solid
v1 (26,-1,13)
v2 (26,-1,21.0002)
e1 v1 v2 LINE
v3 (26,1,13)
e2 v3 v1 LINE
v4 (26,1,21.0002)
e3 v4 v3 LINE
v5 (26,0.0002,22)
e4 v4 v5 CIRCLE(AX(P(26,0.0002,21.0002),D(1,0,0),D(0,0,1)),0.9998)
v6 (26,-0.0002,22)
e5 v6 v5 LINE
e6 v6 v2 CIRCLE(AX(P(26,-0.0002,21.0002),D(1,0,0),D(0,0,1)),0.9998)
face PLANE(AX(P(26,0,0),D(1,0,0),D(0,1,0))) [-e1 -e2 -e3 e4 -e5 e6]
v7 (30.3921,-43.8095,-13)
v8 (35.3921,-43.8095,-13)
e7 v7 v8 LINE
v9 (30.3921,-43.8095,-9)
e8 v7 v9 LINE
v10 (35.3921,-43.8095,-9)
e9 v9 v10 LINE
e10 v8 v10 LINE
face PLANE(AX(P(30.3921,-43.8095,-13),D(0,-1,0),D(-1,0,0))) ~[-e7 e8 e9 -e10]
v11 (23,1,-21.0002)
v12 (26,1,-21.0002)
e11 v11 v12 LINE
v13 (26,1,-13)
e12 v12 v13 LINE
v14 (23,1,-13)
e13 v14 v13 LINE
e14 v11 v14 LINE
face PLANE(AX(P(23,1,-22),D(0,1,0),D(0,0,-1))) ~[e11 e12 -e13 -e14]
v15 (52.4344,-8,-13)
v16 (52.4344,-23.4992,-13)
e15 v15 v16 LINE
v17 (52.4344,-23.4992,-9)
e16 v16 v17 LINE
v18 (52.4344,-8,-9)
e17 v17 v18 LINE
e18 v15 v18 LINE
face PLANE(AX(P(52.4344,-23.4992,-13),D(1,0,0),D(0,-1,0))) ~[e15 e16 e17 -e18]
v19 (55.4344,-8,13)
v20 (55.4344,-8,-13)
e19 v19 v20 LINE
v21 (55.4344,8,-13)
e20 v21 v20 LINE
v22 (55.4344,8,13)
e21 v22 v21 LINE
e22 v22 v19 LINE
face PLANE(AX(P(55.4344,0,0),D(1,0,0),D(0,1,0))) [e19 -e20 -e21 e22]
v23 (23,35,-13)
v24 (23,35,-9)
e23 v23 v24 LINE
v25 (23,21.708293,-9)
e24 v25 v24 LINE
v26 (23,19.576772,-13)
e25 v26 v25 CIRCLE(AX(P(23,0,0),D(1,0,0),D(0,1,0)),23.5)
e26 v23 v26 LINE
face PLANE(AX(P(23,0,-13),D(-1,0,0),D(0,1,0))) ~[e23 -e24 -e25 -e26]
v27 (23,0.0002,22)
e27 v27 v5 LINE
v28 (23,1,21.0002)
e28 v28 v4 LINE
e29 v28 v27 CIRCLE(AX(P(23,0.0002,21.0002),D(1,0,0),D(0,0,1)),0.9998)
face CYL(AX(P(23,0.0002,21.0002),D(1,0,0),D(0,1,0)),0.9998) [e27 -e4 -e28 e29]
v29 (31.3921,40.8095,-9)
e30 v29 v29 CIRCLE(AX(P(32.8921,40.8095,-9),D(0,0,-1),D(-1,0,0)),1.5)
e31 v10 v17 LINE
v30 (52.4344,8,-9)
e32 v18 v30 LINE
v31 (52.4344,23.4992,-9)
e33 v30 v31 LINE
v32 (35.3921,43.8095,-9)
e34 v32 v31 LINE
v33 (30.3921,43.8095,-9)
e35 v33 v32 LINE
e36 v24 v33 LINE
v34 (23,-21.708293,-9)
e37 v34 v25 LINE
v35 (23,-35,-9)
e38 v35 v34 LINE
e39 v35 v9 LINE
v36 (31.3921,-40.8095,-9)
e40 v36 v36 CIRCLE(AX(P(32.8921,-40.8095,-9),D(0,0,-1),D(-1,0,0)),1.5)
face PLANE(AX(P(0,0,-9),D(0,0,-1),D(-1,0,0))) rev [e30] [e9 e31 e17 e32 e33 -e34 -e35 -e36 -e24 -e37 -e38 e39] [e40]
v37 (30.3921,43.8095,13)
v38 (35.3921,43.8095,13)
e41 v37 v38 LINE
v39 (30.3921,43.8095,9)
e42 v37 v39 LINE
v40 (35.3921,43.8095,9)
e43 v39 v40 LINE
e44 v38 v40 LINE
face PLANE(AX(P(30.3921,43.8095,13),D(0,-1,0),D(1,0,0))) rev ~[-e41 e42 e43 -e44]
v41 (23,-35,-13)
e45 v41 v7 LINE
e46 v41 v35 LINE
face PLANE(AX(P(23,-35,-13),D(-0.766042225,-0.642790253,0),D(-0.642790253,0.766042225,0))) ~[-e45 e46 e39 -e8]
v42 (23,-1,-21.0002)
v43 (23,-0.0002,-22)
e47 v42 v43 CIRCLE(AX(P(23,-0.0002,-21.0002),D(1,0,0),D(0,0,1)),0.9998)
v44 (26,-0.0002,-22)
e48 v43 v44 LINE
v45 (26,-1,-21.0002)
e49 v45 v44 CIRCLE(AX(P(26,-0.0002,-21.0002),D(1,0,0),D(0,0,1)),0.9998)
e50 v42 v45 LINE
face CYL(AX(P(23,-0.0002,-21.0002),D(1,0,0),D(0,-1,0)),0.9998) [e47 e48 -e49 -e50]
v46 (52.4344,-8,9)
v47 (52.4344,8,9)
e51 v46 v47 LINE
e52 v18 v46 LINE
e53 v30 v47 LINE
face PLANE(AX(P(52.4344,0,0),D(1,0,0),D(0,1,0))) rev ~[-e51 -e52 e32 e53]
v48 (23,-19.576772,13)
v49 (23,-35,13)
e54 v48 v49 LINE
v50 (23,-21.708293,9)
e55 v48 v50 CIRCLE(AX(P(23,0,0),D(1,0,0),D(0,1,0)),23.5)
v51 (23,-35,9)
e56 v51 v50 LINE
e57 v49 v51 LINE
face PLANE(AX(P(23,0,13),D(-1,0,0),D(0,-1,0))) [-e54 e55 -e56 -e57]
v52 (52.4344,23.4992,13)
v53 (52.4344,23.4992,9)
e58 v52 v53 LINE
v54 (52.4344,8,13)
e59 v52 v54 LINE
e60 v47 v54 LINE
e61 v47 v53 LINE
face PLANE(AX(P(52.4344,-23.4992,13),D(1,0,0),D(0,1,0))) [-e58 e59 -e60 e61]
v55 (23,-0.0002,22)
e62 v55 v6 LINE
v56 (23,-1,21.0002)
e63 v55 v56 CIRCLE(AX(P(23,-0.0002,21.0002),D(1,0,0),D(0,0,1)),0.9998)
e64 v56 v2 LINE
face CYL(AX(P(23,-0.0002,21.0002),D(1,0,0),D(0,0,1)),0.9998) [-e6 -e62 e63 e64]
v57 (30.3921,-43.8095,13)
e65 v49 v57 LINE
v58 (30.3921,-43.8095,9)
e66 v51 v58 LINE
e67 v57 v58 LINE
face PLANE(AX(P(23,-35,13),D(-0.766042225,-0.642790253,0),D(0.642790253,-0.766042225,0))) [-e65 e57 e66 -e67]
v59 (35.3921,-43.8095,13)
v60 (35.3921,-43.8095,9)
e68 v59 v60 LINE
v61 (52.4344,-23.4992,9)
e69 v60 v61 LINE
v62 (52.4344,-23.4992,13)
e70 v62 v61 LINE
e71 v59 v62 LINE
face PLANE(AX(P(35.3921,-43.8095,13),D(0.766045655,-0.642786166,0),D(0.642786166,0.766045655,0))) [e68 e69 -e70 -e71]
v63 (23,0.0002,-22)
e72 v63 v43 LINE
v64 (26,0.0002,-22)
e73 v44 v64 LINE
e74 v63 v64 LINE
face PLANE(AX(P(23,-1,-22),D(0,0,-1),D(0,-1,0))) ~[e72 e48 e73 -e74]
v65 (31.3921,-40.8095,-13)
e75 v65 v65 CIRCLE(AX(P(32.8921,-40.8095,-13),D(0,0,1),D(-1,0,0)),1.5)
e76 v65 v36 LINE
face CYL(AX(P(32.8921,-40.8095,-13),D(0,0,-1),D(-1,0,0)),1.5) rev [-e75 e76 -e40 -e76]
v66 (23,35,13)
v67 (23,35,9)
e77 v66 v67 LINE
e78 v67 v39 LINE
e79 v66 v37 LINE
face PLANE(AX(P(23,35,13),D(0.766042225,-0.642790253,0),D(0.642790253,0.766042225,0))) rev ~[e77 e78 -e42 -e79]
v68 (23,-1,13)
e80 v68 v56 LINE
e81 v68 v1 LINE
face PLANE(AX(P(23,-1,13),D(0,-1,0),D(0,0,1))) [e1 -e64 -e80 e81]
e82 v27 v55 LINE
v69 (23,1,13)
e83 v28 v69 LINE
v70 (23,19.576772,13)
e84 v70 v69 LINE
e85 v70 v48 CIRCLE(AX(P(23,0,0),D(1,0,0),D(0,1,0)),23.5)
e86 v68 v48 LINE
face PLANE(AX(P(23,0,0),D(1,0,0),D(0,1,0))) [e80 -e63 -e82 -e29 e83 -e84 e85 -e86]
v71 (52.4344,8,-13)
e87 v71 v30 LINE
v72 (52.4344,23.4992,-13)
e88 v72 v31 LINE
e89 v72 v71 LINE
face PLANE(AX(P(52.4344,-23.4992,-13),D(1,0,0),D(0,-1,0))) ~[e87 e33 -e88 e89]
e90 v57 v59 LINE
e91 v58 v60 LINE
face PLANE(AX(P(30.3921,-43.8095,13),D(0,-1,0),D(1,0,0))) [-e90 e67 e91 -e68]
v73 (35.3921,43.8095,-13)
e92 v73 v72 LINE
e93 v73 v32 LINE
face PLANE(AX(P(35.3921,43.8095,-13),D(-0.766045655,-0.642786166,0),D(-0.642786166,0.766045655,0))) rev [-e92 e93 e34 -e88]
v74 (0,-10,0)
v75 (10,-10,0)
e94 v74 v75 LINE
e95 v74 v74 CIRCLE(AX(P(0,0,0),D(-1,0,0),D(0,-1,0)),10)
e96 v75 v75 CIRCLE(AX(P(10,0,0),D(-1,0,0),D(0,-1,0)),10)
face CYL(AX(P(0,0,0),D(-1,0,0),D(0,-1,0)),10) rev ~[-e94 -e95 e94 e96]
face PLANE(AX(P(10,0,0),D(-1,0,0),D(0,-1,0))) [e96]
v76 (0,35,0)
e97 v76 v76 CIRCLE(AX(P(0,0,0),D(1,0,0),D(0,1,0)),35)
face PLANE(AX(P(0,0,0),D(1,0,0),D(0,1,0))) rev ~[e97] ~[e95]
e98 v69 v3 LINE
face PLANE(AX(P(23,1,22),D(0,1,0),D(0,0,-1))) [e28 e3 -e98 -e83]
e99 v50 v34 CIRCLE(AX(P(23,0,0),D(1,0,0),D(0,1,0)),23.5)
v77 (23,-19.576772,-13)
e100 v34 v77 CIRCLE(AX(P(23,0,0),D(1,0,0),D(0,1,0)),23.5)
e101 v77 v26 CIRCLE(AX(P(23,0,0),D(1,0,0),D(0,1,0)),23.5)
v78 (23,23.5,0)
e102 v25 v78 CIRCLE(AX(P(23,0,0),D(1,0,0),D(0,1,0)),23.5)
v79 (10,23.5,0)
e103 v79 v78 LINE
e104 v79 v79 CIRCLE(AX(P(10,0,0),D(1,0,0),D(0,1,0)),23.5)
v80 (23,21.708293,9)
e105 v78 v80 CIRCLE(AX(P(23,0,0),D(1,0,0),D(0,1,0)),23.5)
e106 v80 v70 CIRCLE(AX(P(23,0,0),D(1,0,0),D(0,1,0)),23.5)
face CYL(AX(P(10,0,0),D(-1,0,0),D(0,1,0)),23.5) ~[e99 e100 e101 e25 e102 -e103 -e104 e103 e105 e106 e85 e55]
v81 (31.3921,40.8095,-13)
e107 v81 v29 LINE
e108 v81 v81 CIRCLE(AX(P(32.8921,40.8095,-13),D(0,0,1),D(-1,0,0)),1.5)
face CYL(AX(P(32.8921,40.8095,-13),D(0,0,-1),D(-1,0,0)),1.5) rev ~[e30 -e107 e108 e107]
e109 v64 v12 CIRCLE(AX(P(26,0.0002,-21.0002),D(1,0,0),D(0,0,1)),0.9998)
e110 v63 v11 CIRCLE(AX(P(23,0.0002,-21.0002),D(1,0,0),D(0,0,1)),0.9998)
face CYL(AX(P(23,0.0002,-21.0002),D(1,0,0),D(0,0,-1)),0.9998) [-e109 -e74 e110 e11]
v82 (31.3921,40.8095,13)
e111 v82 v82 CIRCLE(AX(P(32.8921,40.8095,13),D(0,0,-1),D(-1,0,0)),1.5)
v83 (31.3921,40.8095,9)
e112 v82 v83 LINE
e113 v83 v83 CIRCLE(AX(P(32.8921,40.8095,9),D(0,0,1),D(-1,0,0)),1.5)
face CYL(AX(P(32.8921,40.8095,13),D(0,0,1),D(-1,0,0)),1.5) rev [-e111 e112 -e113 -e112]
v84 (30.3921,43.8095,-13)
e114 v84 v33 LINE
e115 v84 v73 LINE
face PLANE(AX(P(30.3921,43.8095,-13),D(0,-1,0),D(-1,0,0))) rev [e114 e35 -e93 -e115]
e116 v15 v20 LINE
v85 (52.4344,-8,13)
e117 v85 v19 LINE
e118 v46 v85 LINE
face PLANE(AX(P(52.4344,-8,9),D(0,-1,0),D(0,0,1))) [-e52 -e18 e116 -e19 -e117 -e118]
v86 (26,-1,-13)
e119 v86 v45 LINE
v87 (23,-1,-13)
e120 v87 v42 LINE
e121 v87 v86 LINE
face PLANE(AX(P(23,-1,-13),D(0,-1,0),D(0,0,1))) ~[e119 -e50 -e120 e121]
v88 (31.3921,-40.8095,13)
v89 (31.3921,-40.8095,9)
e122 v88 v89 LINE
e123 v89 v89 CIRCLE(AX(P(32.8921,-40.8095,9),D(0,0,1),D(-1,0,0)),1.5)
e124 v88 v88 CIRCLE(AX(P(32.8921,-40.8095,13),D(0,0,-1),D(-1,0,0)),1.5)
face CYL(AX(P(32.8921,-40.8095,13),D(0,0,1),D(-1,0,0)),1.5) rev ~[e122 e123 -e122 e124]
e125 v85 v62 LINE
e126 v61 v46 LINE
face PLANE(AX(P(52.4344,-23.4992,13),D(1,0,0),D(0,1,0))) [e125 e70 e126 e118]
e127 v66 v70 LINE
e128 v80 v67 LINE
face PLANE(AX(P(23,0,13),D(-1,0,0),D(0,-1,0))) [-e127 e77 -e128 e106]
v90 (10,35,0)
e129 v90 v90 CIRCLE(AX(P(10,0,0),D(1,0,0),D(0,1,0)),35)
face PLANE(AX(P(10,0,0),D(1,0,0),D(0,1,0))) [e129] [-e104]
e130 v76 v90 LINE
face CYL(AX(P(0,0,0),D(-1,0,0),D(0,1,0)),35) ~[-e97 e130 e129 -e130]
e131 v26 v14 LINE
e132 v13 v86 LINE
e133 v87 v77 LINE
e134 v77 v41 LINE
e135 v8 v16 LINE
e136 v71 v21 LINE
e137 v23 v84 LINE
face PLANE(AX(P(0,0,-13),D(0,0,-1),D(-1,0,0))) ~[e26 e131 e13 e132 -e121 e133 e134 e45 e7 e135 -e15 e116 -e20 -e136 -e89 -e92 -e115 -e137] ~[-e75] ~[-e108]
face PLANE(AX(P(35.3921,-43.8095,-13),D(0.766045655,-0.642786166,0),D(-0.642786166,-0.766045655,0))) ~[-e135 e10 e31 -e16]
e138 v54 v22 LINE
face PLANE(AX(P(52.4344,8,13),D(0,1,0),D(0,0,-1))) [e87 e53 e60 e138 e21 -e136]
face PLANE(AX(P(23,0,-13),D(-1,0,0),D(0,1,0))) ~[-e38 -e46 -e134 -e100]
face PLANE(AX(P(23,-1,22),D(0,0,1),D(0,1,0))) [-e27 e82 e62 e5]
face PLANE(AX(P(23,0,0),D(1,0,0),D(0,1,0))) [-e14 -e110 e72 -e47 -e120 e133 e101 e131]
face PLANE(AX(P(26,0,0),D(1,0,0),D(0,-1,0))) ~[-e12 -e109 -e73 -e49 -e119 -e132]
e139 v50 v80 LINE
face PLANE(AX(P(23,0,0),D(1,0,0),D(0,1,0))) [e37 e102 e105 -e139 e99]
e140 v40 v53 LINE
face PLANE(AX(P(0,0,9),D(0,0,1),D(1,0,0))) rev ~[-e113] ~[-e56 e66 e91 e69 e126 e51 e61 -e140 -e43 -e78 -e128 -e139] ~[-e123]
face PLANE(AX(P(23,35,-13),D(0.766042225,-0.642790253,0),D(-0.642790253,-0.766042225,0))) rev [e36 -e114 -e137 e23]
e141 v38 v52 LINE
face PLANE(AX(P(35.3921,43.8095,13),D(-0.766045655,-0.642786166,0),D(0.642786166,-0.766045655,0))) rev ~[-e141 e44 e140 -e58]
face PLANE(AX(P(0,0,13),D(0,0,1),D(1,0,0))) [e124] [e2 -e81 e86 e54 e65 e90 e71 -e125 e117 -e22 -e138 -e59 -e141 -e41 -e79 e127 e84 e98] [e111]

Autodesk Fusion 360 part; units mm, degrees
sketch "Sketch1" plane through (0, 0, 0) normal (1, 0, 0) x (0, 1, 0)
  circle A0 centre (0, 0) radius 35
  dimension "d1" = 70
extrude "Extrude1" add sketch "Sketch1" along normal blind 10 in component "Component"
sketch "Sketch2" plane through (10, 0, 0) normal (1, 0, 0) x (0, 1, 0)
  circle A0 centre (0, 0) radius 35
  circle A1 centre (0, 0) radius 23.5
  dimension "d4" = 47
extrude "Extrude2" add sketch "Sketch2" along normal blind 13 contours A1 in component "Component"
ref_plane "WorkPlane1" through (0, 0, 13) normal (0, 0, 1) x (1, 0, 0)
sketch "Sketch3" plane through (0, 0, 13) normal (0, 0, 1) x (1, 0, 0)
  line L0 (23, 0) -> (23, -35)
  line L1 (23, -35) -> (23, -45)
  line L2 (23, -35) -> (30.3921, -43.8095)
  line L3 (23, -35) -> (34.5, -35) construction
  line L4 (23, 0) -> (60, 0)
  line L5 (23, -23.4992) -> (67, -23.4992)
  line L6 (30.3921, -43.8095) -> (35.3921, -43.8095)
  line L7 (35.3921, -43.8095) -> (52.4344, -23.4992)
  line L8 (35.3921, -43.8095) -> (45, -43.8095)
  line L9 (52.4344, -23.4992) -> (52.4344, 0)
  line L10 (23, 0) -> (23, 35)
  line L11 (23, 35) -> (30.3921, 43.8095)
  line L12 (30.3921, 43.8095) -> (35.3921, 43.8095)
  line L13 (52.4344, 23.4992) -> (52.4344, 0)
  line L14 (35.3921, 43.8095) -> (52.4344, 23.4992)
  dimension "d8" = 35
  dimension "d9" = 10
  dimension "d10" = 50
  dimension "d11" = 11.5
  dimension "d13" = 37
  dimension "d14" = 44
  dimension "d15" = 5
  dimension "d16" = 50
extrude "Extrude3" add sketch "Sketch3" against normal blind 4 in component "Component"
sketch "Sketch4" plane through (0, 0, 13) normal (0, 0, 1) x (-1, 0, 0)
  line L0 (-23, -35) -> (-23, -19.5768)
  line L1 (-23, -19.5768) -> (-23, 19.5768)
  line L2 (-23, 19.5768) -> (-23, 35)
  line L3 (-23, 35) -> (-30.3921, 43.8095)
  line L4 (-30.3921, 43.8095) -> (-35.3921, 43.8095)
  line L5 (-35.3921, 43.8095) -> (-52.4344, 23.4992)
  line L6 (-52.4344, 23.4992) -> (-52.4344, -23.4992)
  line L7 (-52.4344, -23.4992) -> (-35.3921, -43.8095)
  line L8 (-35.3921, -43.8095) -> (-30.3921, -43.8095)
  line L9 (-30.3921, -43.8095) -> (-23, -35)
  line L10 (-32.8921, 43.8095) -> (-32.8921, 40.8095)
  circle A0 centre (-32.8921, 40.8095) radius 1.5
  dimension "d19" = 3
  dimension "d20" = 3
extrude "Extrude4" cut sketch "Sketch4" against normal blind 7 contours A0 in component "Component"
mirror "Mirror1" about plane through (0, 0, 0) normal (0, 1, 0) of "Extrude4" in component "Component"
mirror "Mirror2" about plane through (0, 0, 0) normal (0, 0, 1) of "Extrude3", "Mirror1", "Extrude4" in component "Component"
sketch "Sketch5" plane through (23, 0, 0) normal (1, 0, 0) x (0, 1, 0)
  line L0 (-19.5768, 13) -> (19.5768, 13)
  arc A0 (19.5768, 13) -> (-19.5768, 13) centre (0, 0) ccw
  line L1 (0, 13) -> (0, 23.5)
  line L2 (0, 13) -> (-1, 13)
  line L3 (-1, 13) -> (-1, 22)
  line L4 (-1, 22) -> (1, 22)
  line L5 (1, 22) -> (1, 13)
extrude "Extrude5" add sketch "Sketch5" along normal blind 3 contours L0 L1 L2 L3 L4 | L0 L1 L4 L5 in component "Component"
fillet "Fillet1" radius 1 2 edges at (24.5, 1, 22) (24.5, -1, 22) in component "Component"
mirror "Mirror3" about plane through (0, 0, 0) normal (0, 0, 1) of "Extrude5", "Fillet1" in component "Component"
sketch "Sketch6" plane through (52.4344, 0, 0) normal (1, 0, 0) x (0, 1, 0)
  line L0 (23.4992, 13) -> (-23.4992, 13)
  line L1 (-23.4992, 13) -> (-23.4992, 9)
  line L2 (-23.4992, 9) -> (23.4992, 9)
  line L3 (23.4992, 9) -> (23.4992, 13)
  line L4 (8, -13) -> (-8, -13)
  line L5 (-8, -13) -> (-8, 13)
  line L6 (-8, 13) -> (8, 13)
  line L7 (8, 13) -> (8, -13)
  line L8 (8, -13) -> (-8, 13) construction
  line L9 (-8, -13) -> (8, 13) construction
extrude "Extrude6" add sketch "Sketch6" along normal blind 3 contours L0 L2 L5 L6 L7 | L2 L4 L5 L7 in component "Component"
sketch "Sketch7" plane through (0, 0, 0) normal (-1, 0, 0) x (0, -1, 0)
  circle A0 centre (0, 0) radius 35
  circle A1 centre (0, 0) radius 10
  dimension "d35" = 20
extrude "Extrude7" cut sketch "Sketch7" against normal blind 10 contours A1 in component "Component"
component "Component" placed x (1, 0, 0) y (0, 1, 0) z (0, 0, 1) at (0, 0, 0)
